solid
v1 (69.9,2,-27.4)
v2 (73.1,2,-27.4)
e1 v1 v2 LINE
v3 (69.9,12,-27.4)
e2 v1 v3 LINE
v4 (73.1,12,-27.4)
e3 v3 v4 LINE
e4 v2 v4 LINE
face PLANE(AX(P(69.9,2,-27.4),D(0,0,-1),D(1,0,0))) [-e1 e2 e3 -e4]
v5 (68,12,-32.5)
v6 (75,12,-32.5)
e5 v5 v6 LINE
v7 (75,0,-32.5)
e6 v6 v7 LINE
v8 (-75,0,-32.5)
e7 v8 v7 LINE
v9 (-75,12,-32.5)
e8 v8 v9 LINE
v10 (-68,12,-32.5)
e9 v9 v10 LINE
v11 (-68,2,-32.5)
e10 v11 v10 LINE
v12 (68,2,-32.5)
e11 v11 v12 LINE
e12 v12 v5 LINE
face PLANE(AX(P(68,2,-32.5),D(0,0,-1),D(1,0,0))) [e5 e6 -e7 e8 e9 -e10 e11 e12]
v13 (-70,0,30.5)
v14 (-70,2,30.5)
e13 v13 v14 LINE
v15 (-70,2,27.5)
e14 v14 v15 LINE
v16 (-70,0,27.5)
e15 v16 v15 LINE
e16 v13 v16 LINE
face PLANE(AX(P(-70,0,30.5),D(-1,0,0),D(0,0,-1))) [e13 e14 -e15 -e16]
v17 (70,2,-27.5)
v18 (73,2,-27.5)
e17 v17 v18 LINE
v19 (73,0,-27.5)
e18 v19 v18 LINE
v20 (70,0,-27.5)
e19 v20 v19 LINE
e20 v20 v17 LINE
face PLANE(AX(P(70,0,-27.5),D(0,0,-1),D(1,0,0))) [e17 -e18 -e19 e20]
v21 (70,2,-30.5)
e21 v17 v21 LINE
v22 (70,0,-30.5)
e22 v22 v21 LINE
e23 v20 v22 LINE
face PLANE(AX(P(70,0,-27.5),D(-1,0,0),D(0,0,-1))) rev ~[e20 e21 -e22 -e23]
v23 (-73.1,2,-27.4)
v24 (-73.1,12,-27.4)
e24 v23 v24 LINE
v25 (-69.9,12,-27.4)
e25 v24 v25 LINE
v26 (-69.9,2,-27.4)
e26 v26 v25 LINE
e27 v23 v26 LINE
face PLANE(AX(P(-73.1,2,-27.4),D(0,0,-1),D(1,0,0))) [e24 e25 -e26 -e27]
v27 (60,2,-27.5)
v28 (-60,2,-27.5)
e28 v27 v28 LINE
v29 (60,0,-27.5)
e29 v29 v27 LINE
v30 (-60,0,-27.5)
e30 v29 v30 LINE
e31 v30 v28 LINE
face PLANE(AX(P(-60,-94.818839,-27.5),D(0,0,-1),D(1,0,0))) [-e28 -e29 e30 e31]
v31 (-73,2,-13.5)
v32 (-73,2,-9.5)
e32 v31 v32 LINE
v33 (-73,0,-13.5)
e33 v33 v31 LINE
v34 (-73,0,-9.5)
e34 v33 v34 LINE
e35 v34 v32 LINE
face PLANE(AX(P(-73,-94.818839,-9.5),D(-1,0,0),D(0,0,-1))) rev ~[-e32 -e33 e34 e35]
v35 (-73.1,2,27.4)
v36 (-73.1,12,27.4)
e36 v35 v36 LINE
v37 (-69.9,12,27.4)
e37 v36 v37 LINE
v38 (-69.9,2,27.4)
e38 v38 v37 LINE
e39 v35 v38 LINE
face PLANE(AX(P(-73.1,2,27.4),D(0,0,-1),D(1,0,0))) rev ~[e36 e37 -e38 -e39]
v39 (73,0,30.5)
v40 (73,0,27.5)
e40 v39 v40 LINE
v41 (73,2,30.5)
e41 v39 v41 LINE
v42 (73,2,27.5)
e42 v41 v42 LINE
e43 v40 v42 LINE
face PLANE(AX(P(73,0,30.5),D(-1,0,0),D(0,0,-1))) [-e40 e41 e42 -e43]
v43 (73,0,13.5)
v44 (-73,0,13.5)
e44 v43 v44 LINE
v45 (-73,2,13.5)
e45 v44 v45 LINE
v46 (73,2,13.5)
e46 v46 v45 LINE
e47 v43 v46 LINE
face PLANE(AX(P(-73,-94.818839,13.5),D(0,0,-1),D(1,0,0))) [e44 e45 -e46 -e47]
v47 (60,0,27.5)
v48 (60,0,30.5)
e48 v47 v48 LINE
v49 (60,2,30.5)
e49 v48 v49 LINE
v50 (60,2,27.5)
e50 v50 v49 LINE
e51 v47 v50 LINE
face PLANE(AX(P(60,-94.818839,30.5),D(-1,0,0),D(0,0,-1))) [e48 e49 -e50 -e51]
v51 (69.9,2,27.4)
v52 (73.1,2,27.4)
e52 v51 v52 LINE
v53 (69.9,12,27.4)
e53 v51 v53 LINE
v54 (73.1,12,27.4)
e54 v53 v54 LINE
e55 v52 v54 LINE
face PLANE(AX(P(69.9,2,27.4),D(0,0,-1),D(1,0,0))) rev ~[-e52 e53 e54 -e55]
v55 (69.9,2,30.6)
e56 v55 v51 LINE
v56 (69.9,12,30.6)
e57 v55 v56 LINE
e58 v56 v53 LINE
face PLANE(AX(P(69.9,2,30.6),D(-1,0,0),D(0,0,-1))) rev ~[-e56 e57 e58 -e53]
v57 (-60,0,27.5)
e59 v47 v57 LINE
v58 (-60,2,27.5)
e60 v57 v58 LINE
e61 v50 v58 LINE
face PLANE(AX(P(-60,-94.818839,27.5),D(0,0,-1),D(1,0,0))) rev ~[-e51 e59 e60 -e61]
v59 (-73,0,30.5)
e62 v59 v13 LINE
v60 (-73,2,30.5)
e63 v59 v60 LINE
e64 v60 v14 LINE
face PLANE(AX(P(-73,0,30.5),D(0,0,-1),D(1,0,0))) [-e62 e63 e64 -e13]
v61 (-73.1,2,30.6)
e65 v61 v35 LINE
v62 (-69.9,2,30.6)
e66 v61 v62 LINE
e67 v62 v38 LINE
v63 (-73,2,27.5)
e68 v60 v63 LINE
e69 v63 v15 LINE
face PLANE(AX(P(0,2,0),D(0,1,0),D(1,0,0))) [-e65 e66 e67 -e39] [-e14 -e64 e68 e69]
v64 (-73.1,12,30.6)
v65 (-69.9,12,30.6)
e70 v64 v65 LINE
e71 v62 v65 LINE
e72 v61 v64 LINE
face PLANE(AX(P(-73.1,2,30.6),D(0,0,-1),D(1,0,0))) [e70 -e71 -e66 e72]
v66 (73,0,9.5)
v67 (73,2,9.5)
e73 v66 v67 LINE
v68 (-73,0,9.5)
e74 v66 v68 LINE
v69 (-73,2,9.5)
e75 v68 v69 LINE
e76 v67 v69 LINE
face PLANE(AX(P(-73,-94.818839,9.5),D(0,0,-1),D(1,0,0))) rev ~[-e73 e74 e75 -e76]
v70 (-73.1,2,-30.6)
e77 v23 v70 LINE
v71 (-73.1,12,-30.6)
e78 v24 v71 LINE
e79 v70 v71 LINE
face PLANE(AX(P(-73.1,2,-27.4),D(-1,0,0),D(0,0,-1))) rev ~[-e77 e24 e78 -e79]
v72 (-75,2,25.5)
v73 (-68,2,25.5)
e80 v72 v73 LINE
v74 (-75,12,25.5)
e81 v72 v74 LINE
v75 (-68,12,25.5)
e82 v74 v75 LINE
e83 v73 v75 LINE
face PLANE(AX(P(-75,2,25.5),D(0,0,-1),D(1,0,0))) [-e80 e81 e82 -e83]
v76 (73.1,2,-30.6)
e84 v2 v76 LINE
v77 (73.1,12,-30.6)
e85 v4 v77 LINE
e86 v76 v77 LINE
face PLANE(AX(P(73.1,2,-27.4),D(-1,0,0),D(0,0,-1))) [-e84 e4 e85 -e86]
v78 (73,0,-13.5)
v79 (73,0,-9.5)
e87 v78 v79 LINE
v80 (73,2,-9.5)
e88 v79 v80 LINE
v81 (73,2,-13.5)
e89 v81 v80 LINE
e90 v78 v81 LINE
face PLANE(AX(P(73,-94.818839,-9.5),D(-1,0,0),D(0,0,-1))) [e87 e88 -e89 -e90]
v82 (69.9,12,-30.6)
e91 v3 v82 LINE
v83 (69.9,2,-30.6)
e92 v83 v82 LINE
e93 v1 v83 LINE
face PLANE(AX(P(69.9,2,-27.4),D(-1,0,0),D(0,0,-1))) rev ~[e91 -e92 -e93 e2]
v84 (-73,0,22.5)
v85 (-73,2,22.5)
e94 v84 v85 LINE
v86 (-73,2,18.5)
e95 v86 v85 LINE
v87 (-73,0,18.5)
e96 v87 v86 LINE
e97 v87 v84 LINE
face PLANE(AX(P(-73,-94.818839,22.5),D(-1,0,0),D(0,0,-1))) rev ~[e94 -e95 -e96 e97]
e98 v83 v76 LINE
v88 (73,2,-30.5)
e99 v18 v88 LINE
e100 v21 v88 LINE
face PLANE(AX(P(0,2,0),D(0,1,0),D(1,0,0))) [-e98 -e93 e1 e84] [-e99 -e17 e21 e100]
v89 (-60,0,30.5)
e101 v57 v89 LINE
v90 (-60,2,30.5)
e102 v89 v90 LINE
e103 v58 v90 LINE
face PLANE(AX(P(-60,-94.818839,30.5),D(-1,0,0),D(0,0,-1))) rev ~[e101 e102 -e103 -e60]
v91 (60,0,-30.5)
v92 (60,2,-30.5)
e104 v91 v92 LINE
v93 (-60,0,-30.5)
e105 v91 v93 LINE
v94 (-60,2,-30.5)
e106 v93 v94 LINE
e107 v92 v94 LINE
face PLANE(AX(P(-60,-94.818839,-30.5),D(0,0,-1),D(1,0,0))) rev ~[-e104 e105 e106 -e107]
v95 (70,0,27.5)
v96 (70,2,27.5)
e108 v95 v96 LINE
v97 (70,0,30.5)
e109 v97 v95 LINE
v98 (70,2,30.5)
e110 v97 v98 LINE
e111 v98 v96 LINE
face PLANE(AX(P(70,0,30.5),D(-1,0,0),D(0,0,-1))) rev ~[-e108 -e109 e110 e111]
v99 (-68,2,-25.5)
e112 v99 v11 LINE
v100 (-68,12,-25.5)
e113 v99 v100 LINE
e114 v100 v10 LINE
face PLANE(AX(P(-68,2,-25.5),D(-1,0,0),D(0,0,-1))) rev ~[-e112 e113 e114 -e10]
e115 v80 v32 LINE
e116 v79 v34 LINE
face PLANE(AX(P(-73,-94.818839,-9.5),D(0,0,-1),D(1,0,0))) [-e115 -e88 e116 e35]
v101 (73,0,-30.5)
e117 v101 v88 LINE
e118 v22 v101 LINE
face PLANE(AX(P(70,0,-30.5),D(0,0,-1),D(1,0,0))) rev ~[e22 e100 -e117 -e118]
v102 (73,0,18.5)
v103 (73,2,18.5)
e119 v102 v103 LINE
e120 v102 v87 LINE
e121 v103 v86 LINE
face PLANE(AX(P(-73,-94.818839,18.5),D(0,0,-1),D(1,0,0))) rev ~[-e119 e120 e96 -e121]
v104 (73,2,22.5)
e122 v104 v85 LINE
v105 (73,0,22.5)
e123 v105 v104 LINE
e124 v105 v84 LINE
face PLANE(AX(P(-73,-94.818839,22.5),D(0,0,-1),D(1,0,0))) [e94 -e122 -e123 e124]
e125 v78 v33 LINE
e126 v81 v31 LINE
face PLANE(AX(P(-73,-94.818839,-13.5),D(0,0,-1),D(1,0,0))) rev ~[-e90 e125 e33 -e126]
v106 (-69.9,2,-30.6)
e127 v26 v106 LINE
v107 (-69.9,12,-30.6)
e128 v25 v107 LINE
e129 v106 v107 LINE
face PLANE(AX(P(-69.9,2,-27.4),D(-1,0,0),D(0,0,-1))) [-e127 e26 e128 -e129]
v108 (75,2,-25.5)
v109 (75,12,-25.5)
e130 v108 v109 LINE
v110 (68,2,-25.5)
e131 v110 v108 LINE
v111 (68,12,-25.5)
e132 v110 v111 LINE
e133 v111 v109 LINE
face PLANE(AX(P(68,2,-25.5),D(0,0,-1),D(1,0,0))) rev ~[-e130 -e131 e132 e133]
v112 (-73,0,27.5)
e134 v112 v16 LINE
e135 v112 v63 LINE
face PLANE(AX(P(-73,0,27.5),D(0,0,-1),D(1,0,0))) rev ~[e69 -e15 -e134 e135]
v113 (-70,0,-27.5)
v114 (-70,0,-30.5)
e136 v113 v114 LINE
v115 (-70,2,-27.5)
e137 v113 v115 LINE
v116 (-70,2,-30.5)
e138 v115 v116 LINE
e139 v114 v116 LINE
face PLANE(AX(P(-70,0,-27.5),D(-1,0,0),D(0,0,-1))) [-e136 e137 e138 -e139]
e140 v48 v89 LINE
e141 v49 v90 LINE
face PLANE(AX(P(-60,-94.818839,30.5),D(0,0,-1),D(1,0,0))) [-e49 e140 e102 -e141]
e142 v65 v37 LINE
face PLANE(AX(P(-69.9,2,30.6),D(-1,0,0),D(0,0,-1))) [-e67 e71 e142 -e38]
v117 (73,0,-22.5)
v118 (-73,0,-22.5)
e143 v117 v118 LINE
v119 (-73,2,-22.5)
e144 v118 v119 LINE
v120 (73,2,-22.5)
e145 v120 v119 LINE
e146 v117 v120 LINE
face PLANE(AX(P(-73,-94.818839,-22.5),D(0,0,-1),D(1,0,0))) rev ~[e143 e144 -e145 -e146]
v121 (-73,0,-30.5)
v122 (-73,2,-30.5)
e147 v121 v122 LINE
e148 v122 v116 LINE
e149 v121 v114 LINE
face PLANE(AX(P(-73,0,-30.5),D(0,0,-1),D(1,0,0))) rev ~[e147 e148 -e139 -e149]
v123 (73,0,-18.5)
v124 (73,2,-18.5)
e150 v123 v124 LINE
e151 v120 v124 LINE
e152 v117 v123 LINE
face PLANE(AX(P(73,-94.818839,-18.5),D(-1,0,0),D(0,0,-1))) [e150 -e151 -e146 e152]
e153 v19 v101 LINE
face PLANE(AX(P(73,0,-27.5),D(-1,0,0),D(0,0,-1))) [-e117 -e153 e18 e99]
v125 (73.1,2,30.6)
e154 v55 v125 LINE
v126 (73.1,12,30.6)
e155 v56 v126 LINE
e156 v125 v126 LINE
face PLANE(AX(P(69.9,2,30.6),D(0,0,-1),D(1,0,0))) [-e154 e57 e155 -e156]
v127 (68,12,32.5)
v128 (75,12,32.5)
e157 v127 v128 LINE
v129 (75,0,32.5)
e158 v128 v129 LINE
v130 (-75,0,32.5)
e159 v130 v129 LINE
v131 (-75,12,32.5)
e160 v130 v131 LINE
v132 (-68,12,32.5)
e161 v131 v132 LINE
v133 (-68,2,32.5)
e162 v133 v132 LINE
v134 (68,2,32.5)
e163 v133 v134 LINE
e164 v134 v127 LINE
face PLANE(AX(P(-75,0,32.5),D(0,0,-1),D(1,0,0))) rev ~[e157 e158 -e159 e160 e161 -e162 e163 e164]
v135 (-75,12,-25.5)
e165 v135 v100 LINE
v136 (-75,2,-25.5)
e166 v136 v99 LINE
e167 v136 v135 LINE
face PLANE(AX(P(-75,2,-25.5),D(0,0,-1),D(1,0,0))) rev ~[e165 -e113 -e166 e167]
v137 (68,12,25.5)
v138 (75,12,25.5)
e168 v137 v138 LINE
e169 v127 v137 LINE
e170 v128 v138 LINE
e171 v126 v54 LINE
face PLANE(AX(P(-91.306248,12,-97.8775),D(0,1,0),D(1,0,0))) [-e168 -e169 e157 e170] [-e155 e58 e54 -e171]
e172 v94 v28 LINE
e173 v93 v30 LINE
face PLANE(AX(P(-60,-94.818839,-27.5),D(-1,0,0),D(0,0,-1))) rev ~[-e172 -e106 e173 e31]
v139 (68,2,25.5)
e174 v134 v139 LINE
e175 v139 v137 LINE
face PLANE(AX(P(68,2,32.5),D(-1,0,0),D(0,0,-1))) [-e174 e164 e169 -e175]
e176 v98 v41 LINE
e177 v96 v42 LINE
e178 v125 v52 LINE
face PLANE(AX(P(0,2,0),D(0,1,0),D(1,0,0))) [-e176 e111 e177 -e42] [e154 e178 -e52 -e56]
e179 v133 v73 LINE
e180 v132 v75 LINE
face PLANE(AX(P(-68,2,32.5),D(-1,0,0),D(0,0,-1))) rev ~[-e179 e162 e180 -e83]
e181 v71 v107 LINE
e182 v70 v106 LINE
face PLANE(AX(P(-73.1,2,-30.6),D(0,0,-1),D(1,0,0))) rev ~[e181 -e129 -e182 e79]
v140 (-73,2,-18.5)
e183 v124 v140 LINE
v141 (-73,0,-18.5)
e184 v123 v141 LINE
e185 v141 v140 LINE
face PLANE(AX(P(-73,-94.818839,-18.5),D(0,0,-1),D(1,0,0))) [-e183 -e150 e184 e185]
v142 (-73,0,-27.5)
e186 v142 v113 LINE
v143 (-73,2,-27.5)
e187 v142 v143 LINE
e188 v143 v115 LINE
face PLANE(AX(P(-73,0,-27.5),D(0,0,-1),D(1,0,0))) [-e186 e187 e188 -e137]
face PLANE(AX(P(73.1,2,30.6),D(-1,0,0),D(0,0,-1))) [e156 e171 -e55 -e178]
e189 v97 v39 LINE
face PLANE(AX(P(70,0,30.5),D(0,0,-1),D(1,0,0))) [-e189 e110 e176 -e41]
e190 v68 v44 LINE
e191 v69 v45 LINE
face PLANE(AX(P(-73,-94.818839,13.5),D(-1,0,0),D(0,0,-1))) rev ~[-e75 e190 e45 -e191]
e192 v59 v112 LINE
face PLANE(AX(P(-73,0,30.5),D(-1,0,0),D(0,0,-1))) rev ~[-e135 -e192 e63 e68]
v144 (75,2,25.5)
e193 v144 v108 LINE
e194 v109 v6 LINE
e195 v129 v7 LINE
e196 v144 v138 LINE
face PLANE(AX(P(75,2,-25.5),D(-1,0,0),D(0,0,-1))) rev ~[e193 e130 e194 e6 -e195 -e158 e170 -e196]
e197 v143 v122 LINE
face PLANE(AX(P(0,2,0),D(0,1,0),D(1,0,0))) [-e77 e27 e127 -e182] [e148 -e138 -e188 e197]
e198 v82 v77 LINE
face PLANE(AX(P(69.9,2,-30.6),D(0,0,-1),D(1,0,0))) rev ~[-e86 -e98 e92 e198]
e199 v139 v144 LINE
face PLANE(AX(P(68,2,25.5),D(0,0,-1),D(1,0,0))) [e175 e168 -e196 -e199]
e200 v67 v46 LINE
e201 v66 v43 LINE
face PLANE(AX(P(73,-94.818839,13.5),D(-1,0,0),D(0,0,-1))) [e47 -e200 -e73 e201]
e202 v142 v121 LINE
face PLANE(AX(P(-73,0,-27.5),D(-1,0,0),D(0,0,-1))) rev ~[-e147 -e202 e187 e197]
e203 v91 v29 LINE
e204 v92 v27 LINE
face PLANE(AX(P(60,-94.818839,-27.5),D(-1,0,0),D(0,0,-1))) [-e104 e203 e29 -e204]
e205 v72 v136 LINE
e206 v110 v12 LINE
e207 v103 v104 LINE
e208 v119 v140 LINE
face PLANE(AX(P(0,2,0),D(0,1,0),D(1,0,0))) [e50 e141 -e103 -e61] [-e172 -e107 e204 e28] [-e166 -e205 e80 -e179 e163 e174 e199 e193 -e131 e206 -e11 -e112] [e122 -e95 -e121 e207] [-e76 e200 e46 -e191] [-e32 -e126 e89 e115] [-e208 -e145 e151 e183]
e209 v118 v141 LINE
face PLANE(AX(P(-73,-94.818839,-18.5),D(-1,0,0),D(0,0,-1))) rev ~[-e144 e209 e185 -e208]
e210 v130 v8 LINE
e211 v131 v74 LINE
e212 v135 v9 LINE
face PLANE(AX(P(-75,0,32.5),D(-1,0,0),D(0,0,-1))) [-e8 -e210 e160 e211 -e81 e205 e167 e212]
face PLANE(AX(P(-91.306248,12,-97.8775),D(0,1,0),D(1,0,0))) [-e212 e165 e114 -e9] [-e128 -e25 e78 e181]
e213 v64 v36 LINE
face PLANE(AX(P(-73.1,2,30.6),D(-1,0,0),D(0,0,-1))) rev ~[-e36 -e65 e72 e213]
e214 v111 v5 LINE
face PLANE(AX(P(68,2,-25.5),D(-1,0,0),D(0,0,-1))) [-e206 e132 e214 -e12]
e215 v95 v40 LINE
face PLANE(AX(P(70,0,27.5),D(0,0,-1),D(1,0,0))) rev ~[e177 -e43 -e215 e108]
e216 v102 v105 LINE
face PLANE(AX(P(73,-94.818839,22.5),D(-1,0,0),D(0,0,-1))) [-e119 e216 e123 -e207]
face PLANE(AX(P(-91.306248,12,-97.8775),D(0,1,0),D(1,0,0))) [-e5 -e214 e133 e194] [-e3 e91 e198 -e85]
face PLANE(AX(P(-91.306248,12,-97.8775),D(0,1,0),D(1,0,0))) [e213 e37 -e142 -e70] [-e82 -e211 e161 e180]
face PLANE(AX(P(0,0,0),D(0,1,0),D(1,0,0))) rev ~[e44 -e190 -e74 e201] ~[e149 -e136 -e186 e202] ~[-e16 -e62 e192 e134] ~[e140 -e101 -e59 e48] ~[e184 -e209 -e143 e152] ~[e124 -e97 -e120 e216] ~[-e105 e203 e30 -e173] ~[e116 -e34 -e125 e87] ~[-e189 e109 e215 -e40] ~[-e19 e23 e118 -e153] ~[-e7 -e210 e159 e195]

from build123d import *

# Parameters (mm, degrees)
SKETCH1_W               = 150
SKETCH1_H               = 65
BOSS_EXTRUDE1_DEPTH     = 2
BOSS_EXTRUDE2_START     = 2
SKETCH2_W               = 3
SKETCH2_H               = 3
BOSS_EXTRUDE2_DEPTH     = 50
CUT_EXTRUDE2_DEPTH      = 96.818839484
CUT_EXTRUDE2_DEPTH_BACK = 96.818839484
SKETCH4_W               = 120
SKETCH4_H               = 3
SKETCH4_W_2             = 146
SKETCH4_H_2             = 4
SKETCH5_W               = 7
SKETCH5_H               = 7
SKETCH5_W_2             = 3.2
SKETCH5_H_2             = 3.2
BOSS_EXTRUDE3_DEPTH     = 50
SKETCH2_3_W             = 3
SKETCH2_3_H             = 3
CUT_EXTRUDE3_DEPTH      = 52
CUT_EXTRUDE4_DEPTH      = 97.877499968
CUT_EXTRUDE4_DEPTH_BACK = 97.877499968
SKETCH6_W               = 182.778356439
SKETCH6_H               = 52.909524232


with BuildPart() as part:
    # Sketch1 → Boss-Extrude1 (new body)
    with BuildSketch(Plane(origin=(0, 0, 0), x_dir=(1, 0, 0), z_dir=(0, 1, 0))):
        Rectangle(SKETCH1_W, SKETCH1_H)
    extrude(amount=BOSS_EXTRUDE1_DEPTH)

    # Sketch2 → Boss-Extrude2 (add)
    with BuildSketch(Plane(origin=(0, 0, 0), x_dir=(1, 0, 0), z_dir=(0, 1, 0)).offset(BOSS_EXTRUDE2_START)):
        with Locations((71.5, 29)):
            Rectangle(SKETCH2_W, SKETCH2_H)
        with Locations((-71.5, 29)):
            Rectangle(SKETCH2_W, SKETCH2_H)
        with Locations((-71.5, -29)):
            Rectangle(SKETCH2_W, SKETCH2_H)
        with Locations((71.5, -29)):
            Rectangle(SKETCH2_W, SKETCH2_H)
    extrude(amount=BOSS_EXTRUDE2_DEPTH)

    # Sketch4 → Cut-Extrude2 (cut, two sides: drawn at the far end of the back side and taken through both)
    with BuildSketch(Plane(origin=(0, 2, 0), x_dir=(1, 0, 0), z_dir=(0, 1, 0)).offset(-CUT_EXTRUDE2_DEPTH_BACK)):
        with Locations((0, 29)):
            Rectangle(SKETCH4_W, SKETCH4_H)
        with Locations((0, 20.5)):
            Rectangle(SKETCH4_W_2, SKETCH4_H_2)
        with Locations((0, 11.5)):
            Rectangle(SKETCH4_W_2, SKETCH4_H_2)
        with Locations((0, -11.5)):
            Rectangle(SKETCH4_W_2, SKETCH4_H_2)
        with Locations((0, -20.5)):
            Rectangle(SKETCH4_W_2, SKETCH4_H_2)
        with Locations((0, -29)):
            Rectangle(SKETCH4_W, SKETCH4_H)
    extrude(amount=CUT_EXTRUDE2_DEPTH + CUT_EXTRUDE2_DEPTH_BACK, mode=Mode.SUBTRACT)

    # Sketch5 → Boss-Extrude3 (add)
    # profile 1 of 4: a face of its own
    with BuildSketch(Plane(origin=(0, 2, 0), x_dir=(1, 0, 0), z_dir=(0, 1, 0))):
        with Locations((71.5, 29)):
            Rectangle(SKETCH5_W, SKETCH5_H)
        with Locations((71.5, 29)):
            Rectangle(SKETCH5_W_2, SKETCH5_H_2, mode=Mode.SUBTRACT)
    # profile 2 of 4: a face of its own
    with BuildSketch(Plane(origin=(0, 2, 0), x_dir=(1, 0, 0), z_dir=(0, 1, 0))):
        with Locations((71.5, -29)):
            Rectangle(SKETCH5_W, SKETCH5_H)
        with Locations((71.5, -29)):
            Rectangle(SKETCH5_W_2, SKETCH5_H_2, mode=Mode.SUBTRACT)
    # profile 3 of 4: a face of its own
    with BuildSketch(Plane(origin=(0, 2, 0), x_dir=(1, 0, 0), z_dir=(0, 1, 0))):
        with Locations((-71.5, -29)):
            Rectangle(SKETCH5_W, SKETCH5_H)
        with Locations((-71.5, -29)):
            Rectangle(SKETCH5_W_2, SKETCH5_H_2, mode=Mode.SUBTRACT)
    # profile 4 of 4: a face of its own
    with BuildSketch(Plane(origin=(0, 2, 0), x_dir=(1, 0, 0), z_dir=(0, 1, 0))):
        with Locations((-71.5, 29)):
            Rectangle(SKETCH5_W, SKETCH5_H)
        with Locations((-71.5, 29)):
            Rectangle(SKETCH5_W_2, SKETCH5_H_2, mode=Mode.SUBTRACT)
    extrude(amount=BOSS_EXTRUDE3_DEPTH)

    # Sketch2<3> → Cut-Extrude3 (cut)
    with BuildSketch(Plane(origin=(0, 0, 0), x_dir=(1, 0, 0), z_dir=(0, 1, 0))):
        with Locations((71.5, 29)):
            Rectangle(SKETCH2_3_W, SKETCH2_3_H)
        with Locations((-71.5, 29)):
            Rectangle(SKETCH2_3_W, SKETCH2_3_H)
        with Locations((-71.5, -29)):
            Rectangle(SKETCH2_3_W, SKETCH2_3_H)
        with Locations((71.5, -29)):
            Rectangle(SKETCH2_3_W, SKETCH2_3_H)
    extrude(amount=CUT_EXTRUDE3_DEPTH, mode=Mode.SUBTRACT)

    # Sketch6 → Cut-Extrude4 (cut, two sides: drawn at the far end of the back side and taken through both)
    with BuildSketch(Plane.XY.offset(-CUT_EXTRUDE4_DEPTH_BACK)):
        with Locations((0.082930289, 38.454762116)):
            Rectangle(SKETCH6_W, SKETCH6_H)
    extrude(amount=CUT_EXTRUDE4_DEPTH + CUT_EXTRUDE4_DEPTH_BACK, mode=Mode.SUBTRACT)


solid = part.part
